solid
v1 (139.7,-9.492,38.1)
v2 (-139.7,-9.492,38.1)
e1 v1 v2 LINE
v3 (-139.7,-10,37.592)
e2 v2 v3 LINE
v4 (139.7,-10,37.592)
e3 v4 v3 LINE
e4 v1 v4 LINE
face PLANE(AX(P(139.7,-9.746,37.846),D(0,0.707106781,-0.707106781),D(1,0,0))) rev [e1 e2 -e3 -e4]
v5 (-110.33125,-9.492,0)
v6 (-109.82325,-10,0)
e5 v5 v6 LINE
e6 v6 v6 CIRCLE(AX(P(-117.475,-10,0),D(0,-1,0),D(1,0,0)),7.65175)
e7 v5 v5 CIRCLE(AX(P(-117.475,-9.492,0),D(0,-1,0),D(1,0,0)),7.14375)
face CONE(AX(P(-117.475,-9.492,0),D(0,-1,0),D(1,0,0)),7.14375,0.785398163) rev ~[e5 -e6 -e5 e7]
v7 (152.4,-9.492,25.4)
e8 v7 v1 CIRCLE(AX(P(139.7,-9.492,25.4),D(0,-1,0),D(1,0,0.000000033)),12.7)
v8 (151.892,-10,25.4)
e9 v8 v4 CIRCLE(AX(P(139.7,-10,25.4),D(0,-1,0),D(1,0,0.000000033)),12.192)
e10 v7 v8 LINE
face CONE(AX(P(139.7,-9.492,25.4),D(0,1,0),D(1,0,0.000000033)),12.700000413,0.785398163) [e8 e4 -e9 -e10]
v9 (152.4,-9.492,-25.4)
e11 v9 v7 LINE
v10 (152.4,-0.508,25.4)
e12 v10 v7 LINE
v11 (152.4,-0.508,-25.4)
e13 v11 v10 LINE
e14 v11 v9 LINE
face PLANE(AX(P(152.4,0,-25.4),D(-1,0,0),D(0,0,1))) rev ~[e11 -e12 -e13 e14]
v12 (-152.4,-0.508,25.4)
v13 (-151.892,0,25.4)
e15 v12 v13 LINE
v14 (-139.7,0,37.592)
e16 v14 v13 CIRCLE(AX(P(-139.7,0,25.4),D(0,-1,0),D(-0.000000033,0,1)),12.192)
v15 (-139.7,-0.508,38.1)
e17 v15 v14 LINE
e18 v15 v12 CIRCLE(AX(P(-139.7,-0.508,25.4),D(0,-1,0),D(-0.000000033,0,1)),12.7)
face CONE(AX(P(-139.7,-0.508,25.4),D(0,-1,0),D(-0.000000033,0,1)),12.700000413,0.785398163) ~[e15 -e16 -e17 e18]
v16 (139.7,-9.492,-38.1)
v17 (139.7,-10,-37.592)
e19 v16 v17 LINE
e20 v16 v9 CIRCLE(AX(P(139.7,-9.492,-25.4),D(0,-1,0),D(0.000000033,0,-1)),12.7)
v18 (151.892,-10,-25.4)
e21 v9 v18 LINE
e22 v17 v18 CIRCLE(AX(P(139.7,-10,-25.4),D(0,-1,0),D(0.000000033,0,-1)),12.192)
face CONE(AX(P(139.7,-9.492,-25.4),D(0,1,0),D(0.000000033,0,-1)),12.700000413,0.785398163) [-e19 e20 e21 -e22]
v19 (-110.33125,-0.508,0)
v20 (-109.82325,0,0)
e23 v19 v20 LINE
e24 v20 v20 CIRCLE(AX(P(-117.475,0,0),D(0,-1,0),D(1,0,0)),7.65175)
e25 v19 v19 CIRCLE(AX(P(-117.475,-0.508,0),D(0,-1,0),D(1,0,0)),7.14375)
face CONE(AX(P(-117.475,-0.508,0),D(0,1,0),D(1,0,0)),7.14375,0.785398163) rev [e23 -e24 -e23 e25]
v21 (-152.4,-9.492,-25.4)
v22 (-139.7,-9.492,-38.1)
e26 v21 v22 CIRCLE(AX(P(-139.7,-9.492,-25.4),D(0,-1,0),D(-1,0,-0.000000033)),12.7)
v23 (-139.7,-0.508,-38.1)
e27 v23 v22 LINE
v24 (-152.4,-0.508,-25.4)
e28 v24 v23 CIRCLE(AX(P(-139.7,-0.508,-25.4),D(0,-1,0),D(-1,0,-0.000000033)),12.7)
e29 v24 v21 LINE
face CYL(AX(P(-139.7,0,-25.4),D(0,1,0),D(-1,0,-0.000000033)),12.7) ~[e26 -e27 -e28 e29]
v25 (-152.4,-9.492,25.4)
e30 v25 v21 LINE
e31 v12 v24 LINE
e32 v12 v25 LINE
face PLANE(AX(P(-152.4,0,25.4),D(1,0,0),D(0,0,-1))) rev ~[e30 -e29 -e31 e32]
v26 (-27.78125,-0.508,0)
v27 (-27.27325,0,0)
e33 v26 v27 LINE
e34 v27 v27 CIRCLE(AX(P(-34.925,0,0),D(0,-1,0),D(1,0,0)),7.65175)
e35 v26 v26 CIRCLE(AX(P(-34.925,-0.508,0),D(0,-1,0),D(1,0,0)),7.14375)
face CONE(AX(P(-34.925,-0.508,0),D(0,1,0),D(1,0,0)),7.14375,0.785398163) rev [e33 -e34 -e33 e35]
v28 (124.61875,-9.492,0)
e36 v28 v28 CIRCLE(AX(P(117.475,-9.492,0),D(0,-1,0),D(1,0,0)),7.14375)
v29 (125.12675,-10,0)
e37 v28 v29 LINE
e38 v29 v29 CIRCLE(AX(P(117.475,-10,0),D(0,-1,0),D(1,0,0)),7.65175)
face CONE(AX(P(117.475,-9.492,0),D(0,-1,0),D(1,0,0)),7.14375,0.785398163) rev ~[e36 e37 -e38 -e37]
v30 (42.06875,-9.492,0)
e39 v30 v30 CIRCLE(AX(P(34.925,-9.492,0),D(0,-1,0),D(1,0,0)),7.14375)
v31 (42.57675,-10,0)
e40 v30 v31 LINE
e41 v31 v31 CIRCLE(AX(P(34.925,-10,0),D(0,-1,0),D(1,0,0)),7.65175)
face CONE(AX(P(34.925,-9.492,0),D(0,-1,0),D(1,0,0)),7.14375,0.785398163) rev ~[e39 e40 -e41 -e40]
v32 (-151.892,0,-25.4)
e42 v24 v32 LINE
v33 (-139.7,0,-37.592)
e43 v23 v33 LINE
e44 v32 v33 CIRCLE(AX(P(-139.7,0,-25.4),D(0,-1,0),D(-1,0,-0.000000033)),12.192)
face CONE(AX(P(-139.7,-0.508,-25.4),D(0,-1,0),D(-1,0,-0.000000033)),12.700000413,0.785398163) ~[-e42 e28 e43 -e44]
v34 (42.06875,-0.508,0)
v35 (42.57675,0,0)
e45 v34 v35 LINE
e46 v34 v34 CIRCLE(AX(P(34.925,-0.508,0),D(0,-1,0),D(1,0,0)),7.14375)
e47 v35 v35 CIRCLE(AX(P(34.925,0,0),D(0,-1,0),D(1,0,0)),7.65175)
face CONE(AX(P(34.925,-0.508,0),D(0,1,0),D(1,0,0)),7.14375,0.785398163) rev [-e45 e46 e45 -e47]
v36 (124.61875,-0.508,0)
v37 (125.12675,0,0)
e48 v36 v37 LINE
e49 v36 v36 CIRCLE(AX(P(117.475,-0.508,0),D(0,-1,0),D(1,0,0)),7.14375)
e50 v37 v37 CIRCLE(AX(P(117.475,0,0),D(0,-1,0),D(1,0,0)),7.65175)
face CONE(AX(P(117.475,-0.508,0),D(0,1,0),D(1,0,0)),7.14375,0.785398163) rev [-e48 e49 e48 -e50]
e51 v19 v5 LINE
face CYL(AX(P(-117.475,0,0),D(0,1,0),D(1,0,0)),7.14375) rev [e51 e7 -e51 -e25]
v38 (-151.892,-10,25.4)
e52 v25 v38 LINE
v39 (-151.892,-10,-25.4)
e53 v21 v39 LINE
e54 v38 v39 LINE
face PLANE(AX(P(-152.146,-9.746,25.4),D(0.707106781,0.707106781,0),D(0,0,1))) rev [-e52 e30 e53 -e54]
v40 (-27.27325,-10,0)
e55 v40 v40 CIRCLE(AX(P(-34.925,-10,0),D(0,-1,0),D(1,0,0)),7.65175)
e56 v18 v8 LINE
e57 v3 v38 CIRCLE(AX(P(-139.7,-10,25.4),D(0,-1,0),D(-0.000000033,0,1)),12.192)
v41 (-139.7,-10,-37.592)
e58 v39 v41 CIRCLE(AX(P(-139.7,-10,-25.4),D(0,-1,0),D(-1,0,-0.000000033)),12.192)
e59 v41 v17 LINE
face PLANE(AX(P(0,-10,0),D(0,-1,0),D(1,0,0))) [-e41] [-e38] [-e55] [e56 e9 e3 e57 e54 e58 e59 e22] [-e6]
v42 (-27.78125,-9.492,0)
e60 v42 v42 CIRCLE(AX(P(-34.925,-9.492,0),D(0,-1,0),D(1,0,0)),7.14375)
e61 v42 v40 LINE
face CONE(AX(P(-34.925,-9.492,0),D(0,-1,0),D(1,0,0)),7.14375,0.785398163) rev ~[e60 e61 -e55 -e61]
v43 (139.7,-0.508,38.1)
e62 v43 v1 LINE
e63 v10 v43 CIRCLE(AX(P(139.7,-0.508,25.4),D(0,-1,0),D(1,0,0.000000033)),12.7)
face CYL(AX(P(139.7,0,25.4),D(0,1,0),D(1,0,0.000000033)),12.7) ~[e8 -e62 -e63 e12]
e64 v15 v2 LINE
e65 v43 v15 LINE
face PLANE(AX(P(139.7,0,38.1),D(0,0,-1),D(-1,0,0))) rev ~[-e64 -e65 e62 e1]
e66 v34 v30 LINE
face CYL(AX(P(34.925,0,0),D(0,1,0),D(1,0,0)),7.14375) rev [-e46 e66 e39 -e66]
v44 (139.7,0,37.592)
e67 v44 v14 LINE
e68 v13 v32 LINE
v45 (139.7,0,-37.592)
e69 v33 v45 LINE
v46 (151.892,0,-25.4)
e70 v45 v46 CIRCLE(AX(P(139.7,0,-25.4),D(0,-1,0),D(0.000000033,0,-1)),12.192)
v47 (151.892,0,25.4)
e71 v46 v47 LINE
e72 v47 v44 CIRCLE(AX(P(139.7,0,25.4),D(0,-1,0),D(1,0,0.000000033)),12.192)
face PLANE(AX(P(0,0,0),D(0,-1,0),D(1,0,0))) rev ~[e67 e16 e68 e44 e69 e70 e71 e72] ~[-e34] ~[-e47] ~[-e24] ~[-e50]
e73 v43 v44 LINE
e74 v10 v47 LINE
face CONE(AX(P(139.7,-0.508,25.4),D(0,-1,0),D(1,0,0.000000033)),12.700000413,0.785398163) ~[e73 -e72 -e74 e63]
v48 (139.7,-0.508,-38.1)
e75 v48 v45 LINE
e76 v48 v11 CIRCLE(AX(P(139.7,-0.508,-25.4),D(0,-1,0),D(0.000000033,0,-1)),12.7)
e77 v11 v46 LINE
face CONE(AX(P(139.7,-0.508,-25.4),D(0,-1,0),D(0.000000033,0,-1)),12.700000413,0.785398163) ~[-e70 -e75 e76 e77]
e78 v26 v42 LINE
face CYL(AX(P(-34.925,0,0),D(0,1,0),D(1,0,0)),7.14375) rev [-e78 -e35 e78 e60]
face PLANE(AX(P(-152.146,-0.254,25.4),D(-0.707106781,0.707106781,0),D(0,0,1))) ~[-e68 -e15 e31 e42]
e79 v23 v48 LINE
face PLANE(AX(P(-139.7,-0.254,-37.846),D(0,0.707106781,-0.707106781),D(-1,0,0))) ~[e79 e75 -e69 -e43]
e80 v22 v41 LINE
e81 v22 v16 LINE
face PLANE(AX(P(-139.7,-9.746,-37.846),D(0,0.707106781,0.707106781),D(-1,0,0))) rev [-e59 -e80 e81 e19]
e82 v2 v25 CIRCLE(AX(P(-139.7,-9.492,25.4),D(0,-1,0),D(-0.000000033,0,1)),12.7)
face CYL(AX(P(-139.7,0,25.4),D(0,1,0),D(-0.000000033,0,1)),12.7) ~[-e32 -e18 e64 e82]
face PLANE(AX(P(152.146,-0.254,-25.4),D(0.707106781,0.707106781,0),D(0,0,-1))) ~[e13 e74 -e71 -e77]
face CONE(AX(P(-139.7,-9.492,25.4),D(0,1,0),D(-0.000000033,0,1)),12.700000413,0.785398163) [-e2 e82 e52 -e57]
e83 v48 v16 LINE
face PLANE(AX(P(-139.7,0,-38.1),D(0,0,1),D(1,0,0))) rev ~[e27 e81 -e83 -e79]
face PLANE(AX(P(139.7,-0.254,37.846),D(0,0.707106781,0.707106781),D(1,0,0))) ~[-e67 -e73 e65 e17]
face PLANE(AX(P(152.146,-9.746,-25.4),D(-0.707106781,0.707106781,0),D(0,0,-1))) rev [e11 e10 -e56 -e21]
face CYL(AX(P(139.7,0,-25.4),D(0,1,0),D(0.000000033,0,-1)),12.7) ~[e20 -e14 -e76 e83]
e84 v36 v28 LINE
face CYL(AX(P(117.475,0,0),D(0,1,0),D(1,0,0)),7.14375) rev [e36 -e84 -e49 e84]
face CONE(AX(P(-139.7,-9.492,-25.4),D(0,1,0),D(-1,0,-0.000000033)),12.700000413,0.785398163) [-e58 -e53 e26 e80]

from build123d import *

# Parameters (mm, degrees)
F0_R     = 7.14375
F1_DEPTH = 10
F2_SIZE  = 0.508


with BuildPart() as f1:
    # F0 (on Front) → F1 (new body)
    with BuildSketch(Plane.XZ):
        with BuildLine():
            Line((-152.4, 25.4), (-152.4, 0))
            Line((-152.4, 0), (-152.4, -25.4))
            ThreePointArc((-152.4, -25.4), (-148.680256, -34.380256), (-139.7, -38.1))
            Line((-139.7, -38.1), (0, -38.1))
            Line((0, -38.1), (139.7, -38.1))
            ThreePointArc((139.7, -38.1), (148.680256, -34.380256), (152.4, -25.4))
            Line((152.4, -25.4), (152.4, 0))
            Line((152.4, 0), (152.4, 25.4))
            ThreePointArc((152.4, 25.4), (148.680256, 34.380256), (139.7, 38.1))
            Line((139.7, 38.1), (0, 38.1))
            Line((0, 38.1), (-139.7, 38.1))
            ThreePointArc((-139.7, 38.1), (-148.680256, 34.380256), (-152.4, 25.4))
        make_face()
        with Locations((-117.475, 0)):
            Circle(F0_R, mode=Mode.SUBTRACT)
        with Locations((-34.925, 0)):
            Circle(F0_R, mode=Mode.SUBTRACT)
        with Locations((34.925, 0)):
            Circle(F0_R, mode=Mode.SUBTRACT)
        with Locations((117.475, 0)):
            Circle(F0_R, mode=Mode.SUBTRACT)
    extrude(amount=F1_DEPTH)

    # F2
    f2_edges = [f1.edges().sort_by_distance(p)[0] for p in [
        (-148.680256, -10, 34.380256),
        (-152.4, -10, 0),
        (-148.680256, -10, -34.380256),
        (0, -10, -38.1),
        (148.680256, -10, -34.380256),
        (152.4, -10, 0),
        (148.680256, -10, 34.380256),
        (0, -10, 38.1),
        (-124.61875, -10, 0),
        (-42.06875, -10, 0),
        (27.78125, -10, 0),
        (110.33125, -10, 0),
        (-148.680256, 0, 34.380256),
        (-152.4, 0, 0),
        (-148.680256, 0, -34.380256),
        (0, 0, -38.1),
        (148.680256, 0, -34.380256),
        (152.4, 0, 0),
        (148.680256, 0, 34.380256),
        (0, 0, 38.1),
        (-124.61875, 0, 0),
        (-42.06875, 0, 0),
        (27.78125, 0, 0),
        (110.33125, 0, 0),
    ]]
    chamfer(f2_edges, length=F2_SIZE)


solid = f1.part
